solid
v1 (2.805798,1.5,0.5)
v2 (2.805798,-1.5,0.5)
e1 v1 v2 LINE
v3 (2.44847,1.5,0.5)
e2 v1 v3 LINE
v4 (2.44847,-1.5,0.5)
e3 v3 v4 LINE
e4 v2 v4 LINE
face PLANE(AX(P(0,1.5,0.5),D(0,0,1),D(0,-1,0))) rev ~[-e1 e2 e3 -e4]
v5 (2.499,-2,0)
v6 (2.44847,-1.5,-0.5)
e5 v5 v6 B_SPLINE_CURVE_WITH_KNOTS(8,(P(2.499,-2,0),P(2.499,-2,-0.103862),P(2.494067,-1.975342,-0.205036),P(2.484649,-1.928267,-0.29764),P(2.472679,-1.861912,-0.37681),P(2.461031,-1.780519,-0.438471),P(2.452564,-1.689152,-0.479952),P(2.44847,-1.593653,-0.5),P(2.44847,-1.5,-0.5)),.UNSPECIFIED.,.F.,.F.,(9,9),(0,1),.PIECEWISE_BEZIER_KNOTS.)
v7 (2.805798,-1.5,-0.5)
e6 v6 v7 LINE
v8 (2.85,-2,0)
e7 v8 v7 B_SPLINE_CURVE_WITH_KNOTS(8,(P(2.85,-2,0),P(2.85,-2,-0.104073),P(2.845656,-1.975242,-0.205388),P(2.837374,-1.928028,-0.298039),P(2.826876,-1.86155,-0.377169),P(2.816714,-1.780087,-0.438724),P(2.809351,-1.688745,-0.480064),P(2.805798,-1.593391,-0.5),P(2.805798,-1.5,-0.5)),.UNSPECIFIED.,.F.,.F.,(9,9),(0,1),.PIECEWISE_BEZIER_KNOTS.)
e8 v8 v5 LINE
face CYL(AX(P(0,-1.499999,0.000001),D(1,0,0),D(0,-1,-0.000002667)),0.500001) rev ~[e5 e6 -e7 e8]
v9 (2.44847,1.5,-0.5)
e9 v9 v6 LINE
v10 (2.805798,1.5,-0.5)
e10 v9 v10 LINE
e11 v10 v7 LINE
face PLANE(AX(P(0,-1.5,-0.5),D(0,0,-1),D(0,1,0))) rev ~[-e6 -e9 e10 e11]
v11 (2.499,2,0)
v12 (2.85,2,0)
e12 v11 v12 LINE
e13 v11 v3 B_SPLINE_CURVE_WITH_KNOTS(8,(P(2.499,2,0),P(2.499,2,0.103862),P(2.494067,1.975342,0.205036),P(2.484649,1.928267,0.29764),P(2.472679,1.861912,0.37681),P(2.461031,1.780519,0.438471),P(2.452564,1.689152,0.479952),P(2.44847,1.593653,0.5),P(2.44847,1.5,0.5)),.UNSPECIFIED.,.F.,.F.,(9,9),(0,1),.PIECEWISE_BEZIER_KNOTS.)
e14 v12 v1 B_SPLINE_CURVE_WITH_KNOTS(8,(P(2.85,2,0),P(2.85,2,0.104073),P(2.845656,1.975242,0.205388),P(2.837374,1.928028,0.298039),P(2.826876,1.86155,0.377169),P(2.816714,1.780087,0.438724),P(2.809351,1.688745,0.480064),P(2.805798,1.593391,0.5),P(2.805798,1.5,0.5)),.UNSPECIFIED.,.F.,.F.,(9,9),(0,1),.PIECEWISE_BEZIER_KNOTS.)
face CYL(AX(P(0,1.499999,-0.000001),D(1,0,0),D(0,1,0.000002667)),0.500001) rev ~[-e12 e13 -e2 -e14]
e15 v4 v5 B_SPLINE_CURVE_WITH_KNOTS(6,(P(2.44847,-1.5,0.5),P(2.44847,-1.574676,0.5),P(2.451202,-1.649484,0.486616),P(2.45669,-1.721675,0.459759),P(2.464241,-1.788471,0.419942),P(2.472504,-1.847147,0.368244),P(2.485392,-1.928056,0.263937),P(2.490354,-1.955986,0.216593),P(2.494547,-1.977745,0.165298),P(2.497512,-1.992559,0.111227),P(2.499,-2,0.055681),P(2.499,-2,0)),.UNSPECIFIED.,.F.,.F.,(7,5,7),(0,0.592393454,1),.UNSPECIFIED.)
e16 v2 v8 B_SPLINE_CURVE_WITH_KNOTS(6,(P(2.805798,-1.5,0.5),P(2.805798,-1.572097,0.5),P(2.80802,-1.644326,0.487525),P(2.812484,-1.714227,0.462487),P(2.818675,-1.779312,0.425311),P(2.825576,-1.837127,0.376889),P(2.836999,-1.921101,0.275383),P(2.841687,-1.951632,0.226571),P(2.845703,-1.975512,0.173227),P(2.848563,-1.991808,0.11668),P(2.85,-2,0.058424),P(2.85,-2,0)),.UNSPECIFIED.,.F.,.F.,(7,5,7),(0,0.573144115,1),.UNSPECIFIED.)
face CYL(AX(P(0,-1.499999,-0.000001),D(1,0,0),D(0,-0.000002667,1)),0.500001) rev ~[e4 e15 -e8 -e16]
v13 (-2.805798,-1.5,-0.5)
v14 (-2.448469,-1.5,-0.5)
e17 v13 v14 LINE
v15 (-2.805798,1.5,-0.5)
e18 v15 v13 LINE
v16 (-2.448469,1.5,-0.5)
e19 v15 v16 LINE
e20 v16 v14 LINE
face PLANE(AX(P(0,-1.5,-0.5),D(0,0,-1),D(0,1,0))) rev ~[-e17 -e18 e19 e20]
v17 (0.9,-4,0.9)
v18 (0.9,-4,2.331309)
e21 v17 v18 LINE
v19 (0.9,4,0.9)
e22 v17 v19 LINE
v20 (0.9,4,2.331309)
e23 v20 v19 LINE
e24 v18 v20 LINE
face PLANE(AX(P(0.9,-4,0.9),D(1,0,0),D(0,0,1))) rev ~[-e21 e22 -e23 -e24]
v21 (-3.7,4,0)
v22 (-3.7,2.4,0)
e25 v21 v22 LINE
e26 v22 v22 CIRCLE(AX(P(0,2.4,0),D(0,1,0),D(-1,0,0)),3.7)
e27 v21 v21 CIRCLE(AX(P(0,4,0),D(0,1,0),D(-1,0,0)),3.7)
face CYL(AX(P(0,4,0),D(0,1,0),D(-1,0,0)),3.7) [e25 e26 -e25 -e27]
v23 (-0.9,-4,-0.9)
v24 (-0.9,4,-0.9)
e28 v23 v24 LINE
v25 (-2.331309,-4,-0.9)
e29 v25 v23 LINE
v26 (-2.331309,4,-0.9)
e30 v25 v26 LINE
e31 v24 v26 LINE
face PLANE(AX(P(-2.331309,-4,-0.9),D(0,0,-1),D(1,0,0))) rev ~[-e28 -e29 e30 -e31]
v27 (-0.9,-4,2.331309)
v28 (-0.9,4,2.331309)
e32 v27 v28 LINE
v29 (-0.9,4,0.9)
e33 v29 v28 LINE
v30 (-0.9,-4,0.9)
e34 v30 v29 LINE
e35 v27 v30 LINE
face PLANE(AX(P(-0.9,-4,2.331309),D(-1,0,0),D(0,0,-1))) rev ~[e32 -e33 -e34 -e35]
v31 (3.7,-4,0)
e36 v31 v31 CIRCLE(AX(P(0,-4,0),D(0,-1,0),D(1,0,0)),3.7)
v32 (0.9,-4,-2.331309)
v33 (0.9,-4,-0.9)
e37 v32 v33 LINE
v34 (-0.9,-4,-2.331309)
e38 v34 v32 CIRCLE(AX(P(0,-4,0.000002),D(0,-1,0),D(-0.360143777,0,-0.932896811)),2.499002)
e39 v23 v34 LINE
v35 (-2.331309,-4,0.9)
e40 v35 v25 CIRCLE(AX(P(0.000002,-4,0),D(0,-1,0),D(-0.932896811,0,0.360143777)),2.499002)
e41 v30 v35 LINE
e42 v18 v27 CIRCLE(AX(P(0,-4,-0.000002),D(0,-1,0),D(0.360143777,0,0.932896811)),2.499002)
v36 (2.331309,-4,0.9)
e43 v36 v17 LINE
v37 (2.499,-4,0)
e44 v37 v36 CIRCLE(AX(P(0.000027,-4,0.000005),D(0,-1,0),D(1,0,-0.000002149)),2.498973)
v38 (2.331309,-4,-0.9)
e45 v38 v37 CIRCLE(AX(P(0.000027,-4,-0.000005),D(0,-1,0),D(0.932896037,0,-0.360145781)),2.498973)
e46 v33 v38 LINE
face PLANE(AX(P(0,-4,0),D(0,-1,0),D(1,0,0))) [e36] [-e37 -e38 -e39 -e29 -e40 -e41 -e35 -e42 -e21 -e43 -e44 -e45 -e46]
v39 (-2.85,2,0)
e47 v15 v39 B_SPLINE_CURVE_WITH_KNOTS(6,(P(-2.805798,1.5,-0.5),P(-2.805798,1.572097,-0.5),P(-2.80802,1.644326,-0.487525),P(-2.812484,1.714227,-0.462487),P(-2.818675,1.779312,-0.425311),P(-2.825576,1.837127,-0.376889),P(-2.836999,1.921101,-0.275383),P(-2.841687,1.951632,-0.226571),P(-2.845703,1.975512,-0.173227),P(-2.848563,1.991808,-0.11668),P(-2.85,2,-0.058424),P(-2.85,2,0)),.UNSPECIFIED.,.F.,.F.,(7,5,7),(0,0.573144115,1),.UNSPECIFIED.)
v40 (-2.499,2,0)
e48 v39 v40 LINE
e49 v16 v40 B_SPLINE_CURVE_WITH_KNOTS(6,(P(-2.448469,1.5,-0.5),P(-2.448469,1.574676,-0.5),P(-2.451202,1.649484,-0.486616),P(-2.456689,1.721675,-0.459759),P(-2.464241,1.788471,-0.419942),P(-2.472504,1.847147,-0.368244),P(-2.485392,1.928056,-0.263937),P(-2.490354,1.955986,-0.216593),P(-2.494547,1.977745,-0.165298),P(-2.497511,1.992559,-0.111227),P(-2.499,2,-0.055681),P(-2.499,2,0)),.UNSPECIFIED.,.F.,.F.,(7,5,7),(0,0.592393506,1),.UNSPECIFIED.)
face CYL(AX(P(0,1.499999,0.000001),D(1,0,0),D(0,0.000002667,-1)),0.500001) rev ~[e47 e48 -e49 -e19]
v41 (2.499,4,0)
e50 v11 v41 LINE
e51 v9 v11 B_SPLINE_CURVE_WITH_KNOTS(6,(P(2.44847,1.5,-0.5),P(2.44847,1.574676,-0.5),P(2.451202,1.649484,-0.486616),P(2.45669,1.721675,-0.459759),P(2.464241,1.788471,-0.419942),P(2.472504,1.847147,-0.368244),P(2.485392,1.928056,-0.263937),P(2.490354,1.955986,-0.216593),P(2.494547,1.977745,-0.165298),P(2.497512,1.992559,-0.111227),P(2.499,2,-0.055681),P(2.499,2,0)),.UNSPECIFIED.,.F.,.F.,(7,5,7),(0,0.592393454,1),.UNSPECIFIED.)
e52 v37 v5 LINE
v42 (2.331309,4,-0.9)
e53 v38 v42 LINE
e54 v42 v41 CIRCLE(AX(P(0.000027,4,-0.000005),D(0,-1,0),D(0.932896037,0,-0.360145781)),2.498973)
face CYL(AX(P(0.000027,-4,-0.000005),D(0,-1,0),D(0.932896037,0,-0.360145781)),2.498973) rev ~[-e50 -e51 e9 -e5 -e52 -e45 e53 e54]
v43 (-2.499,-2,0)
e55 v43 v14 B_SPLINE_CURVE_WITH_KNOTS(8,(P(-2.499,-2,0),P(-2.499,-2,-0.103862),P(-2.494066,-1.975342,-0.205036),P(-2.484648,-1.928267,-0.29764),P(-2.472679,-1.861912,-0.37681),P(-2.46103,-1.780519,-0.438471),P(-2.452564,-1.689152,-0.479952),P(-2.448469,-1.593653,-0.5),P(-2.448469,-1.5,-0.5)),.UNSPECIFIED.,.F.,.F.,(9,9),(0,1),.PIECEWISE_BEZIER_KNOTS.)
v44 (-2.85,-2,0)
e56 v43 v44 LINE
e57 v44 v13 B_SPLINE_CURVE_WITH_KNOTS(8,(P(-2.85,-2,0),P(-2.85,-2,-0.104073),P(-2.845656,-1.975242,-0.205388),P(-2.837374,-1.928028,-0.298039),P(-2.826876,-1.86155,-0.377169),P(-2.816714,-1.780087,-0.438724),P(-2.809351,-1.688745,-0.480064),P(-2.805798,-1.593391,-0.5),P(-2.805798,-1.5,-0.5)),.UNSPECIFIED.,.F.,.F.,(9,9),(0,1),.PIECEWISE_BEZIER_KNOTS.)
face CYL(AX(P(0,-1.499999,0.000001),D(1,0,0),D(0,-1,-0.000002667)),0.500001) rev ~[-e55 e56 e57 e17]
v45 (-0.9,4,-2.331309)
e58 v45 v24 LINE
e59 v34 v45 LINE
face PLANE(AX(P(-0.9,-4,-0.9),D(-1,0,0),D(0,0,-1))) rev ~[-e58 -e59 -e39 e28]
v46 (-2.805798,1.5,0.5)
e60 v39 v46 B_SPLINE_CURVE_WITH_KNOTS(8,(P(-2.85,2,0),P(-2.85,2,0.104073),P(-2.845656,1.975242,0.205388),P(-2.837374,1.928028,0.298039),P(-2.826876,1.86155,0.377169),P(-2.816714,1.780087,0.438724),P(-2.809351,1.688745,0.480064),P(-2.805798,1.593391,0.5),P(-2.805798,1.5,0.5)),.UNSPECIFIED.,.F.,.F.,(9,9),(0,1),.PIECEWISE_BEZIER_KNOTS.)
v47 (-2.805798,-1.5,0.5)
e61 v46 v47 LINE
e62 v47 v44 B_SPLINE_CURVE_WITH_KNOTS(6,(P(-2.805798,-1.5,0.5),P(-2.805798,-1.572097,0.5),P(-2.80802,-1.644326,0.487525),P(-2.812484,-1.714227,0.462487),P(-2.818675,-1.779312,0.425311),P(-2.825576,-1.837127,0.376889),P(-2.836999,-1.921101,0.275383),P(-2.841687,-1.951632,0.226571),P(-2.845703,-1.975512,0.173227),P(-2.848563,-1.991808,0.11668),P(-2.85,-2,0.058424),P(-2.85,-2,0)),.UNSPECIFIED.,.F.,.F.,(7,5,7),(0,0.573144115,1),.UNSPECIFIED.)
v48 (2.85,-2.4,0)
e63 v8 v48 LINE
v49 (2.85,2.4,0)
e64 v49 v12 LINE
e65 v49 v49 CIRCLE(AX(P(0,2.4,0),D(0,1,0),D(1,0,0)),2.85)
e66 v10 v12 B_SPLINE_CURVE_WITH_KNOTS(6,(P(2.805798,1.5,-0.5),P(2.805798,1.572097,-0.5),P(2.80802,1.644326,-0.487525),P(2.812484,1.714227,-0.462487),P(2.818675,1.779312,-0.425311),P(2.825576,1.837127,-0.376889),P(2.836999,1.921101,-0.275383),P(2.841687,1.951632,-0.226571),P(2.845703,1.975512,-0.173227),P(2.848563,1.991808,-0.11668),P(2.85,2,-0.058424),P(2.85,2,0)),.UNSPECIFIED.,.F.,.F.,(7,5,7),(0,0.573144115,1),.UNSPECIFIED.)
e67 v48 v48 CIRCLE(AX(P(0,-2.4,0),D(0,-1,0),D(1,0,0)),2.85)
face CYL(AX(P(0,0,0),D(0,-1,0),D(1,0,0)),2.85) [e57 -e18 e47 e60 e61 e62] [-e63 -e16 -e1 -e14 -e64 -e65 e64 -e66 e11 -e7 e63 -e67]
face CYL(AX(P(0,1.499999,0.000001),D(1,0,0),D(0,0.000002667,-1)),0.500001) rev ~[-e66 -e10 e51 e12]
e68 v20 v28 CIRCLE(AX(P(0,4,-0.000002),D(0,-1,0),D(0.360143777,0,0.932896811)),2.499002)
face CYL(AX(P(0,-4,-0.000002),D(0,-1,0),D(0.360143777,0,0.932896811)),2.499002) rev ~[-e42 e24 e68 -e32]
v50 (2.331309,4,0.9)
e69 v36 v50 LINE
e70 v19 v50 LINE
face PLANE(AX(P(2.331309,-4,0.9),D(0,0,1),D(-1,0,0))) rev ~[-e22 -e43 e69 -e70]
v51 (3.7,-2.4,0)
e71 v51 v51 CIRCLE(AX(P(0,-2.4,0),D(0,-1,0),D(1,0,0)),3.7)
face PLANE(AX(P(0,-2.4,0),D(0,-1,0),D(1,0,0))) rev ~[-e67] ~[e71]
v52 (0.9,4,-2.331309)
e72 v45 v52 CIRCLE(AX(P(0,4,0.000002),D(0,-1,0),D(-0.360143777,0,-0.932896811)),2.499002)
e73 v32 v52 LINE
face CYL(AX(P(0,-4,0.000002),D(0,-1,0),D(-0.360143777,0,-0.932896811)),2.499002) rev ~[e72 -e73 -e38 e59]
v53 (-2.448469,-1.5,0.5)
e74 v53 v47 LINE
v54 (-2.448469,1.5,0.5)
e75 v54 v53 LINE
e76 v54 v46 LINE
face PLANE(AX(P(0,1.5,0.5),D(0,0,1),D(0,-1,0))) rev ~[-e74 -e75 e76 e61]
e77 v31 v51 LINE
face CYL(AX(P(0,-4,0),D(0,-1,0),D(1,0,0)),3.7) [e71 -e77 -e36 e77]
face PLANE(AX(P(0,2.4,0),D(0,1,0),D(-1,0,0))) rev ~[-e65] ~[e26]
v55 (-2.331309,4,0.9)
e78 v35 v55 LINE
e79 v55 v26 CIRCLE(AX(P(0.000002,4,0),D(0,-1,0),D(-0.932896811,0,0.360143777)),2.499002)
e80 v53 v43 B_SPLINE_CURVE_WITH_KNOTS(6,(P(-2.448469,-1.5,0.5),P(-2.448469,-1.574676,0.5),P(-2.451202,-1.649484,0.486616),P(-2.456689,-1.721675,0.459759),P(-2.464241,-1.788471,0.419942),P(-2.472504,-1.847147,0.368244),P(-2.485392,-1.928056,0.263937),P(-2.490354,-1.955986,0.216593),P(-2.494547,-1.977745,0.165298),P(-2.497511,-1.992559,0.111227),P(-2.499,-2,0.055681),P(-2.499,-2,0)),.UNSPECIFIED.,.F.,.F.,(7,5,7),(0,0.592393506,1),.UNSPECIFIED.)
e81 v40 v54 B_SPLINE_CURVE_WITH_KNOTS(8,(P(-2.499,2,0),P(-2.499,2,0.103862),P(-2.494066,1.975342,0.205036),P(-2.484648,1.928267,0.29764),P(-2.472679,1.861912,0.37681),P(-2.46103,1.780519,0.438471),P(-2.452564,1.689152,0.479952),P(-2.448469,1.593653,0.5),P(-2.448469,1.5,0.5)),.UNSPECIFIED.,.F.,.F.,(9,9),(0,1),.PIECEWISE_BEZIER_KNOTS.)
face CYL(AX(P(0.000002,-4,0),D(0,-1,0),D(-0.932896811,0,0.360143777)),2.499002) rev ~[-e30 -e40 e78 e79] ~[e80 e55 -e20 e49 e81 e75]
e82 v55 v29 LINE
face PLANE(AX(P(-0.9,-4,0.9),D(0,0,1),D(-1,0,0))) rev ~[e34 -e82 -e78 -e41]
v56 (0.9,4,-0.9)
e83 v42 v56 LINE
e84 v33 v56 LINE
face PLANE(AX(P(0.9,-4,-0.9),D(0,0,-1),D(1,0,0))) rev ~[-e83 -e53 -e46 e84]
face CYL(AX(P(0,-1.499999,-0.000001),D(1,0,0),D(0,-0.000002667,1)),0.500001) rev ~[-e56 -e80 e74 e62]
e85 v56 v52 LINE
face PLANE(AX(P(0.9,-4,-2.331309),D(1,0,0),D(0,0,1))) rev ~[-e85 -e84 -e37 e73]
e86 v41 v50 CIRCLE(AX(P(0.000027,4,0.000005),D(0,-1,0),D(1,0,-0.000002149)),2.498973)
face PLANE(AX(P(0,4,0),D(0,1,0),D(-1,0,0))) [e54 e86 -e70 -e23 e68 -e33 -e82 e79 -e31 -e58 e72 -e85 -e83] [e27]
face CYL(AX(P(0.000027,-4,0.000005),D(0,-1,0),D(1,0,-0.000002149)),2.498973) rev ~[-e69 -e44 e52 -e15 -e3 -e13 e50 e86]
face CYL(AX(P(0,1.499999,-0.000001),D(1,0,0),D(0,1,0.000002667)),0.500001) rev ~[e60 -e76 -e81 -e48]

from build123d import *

# Parameters (mm, degrees)
F0_R     = 2.85
F1_DEPTH = 4
F2_R     = 3.7
F2_R_2   = 2.85
F3_DEPTH = 1.6
F4_R     = 3.7
F4_R_2   = 2.85
F5_DEPTH = 1.6
F7_DEPTH = 8.001
F9_DEPTH = 12.5


with BuildPart() as f1:
    # F0 (on Front) → F1 (new body, symmetric)
    with BuildSketch(Plane.XZ):
        Circle(F0_R)
    extrude(amount=F1_DEPTH, both=True)

    # F2 (on face) → F3 (join)
    with BuildSketch(Plane.XZ.offset(4)):
        Circle(F2_R)
        Circle(F2_R_2, mode=Mode.SUBTRACT)
    extrude(amount=-F3_DEPTH)

    # F4 (on face) → F5 (join)
    with BuildSketch(Plane(origin=(0, 4, 0), x_dir=(-1, 0, 0), z_dir=(0, 1, 0))):
        Circle(F4_R)
        Circle(F4_R_2, mode=Mode.SUBTRACT)
    extrude(amount=-F5_DEPTH)

    # F6 (on face) → F7 (cut, through all)
    with BuildSketch(Plane.XZ.offset(4)):
        with BuildLine():
            ThreePointArc((2.331309, -0.9), (2.45672, -0.457745), (2.499, 0))
            ThreePointArc((2.499, 0), (2.45672, 0.457745), (2.331309, 0.9))
            Line((2.331309, 0.9), (0.9, 0.9))
            Line((0.9, 0.9), (0.9, 2.331309))
            ThreePointArc((0.9, 2.331309), (0, 2.499), (-0.9, 2.331309))
            Line((-0.9, 2.331309), (-0.9, 0.9))
            Line((-0.9, 0.9), (-2.331309, 0.9))
            ThreePointArc((-2.331309, 0.9), (-2.499, 0), (-2.331309, -0.9))
            Line((-2.331309, -0.9), (-0.9, -0.9))
            Line((-0.9, -0.9), (-0.9, -2.331309))
            ThreePointArc((-0.9, -2.331309), (0, -2.499), (0.9, -2.331309))
            Line((0.9, -2.331309), (0.9, -0.9))
            Line((0.9, -0.9), (2.331309, -0.9))
        make_face()
    extrude(amount=-F7_DEPTH, mode=Mode.SUBTRACT)

    # F8 (on Right) → F9 (cut, symmetric)
    with BuildSketch(Plane.YZ):
        with BuildLine():
            Line((1.5, 0), (0, 0))
            Line((0, 0), (-1.5, 0))
            Line((-1.5, 0), (-2, 0))
            ThreePointArc((-2, 0), (-1.853553, -0.353553), (-1.5, -0.5))
            Line((-1.5, -0.5), (1.5, -0.5))
            ThreePointArc((1.5, -0.5), (1.853553, -0.353553), (2, 0))
            Line((2, 0), (1.5, 0))
        make_face()
        with BuildLine():
            Line((0, 0.5), (0, 0))
            Line((0, 0), (1.5, 0))
            Line((1.5, 0), (2, 0))
            ThreePointArc((2, 0), (1.853553, 0.353553), (1.5, 0.5))
            Line((1.5, 0.5), (0, 0.5))
        make_face()
        with BuildLine():
            Line((-1.5, 0), (0, 0))
            Line((0, 0), (0, 0.5))
            Line((0, 0.5), (-1.5, 0.5))
            ThreePointArc((-1.5, 0.5), (-1.853553, 0.353553), (-2, 0))
            Line((-2, 0), (-1.5, 0))
        make_face()
    extrude(amount=F9_DEPTH, both=True, mode=Mode.SUBTRACT)


solid = f1.part
